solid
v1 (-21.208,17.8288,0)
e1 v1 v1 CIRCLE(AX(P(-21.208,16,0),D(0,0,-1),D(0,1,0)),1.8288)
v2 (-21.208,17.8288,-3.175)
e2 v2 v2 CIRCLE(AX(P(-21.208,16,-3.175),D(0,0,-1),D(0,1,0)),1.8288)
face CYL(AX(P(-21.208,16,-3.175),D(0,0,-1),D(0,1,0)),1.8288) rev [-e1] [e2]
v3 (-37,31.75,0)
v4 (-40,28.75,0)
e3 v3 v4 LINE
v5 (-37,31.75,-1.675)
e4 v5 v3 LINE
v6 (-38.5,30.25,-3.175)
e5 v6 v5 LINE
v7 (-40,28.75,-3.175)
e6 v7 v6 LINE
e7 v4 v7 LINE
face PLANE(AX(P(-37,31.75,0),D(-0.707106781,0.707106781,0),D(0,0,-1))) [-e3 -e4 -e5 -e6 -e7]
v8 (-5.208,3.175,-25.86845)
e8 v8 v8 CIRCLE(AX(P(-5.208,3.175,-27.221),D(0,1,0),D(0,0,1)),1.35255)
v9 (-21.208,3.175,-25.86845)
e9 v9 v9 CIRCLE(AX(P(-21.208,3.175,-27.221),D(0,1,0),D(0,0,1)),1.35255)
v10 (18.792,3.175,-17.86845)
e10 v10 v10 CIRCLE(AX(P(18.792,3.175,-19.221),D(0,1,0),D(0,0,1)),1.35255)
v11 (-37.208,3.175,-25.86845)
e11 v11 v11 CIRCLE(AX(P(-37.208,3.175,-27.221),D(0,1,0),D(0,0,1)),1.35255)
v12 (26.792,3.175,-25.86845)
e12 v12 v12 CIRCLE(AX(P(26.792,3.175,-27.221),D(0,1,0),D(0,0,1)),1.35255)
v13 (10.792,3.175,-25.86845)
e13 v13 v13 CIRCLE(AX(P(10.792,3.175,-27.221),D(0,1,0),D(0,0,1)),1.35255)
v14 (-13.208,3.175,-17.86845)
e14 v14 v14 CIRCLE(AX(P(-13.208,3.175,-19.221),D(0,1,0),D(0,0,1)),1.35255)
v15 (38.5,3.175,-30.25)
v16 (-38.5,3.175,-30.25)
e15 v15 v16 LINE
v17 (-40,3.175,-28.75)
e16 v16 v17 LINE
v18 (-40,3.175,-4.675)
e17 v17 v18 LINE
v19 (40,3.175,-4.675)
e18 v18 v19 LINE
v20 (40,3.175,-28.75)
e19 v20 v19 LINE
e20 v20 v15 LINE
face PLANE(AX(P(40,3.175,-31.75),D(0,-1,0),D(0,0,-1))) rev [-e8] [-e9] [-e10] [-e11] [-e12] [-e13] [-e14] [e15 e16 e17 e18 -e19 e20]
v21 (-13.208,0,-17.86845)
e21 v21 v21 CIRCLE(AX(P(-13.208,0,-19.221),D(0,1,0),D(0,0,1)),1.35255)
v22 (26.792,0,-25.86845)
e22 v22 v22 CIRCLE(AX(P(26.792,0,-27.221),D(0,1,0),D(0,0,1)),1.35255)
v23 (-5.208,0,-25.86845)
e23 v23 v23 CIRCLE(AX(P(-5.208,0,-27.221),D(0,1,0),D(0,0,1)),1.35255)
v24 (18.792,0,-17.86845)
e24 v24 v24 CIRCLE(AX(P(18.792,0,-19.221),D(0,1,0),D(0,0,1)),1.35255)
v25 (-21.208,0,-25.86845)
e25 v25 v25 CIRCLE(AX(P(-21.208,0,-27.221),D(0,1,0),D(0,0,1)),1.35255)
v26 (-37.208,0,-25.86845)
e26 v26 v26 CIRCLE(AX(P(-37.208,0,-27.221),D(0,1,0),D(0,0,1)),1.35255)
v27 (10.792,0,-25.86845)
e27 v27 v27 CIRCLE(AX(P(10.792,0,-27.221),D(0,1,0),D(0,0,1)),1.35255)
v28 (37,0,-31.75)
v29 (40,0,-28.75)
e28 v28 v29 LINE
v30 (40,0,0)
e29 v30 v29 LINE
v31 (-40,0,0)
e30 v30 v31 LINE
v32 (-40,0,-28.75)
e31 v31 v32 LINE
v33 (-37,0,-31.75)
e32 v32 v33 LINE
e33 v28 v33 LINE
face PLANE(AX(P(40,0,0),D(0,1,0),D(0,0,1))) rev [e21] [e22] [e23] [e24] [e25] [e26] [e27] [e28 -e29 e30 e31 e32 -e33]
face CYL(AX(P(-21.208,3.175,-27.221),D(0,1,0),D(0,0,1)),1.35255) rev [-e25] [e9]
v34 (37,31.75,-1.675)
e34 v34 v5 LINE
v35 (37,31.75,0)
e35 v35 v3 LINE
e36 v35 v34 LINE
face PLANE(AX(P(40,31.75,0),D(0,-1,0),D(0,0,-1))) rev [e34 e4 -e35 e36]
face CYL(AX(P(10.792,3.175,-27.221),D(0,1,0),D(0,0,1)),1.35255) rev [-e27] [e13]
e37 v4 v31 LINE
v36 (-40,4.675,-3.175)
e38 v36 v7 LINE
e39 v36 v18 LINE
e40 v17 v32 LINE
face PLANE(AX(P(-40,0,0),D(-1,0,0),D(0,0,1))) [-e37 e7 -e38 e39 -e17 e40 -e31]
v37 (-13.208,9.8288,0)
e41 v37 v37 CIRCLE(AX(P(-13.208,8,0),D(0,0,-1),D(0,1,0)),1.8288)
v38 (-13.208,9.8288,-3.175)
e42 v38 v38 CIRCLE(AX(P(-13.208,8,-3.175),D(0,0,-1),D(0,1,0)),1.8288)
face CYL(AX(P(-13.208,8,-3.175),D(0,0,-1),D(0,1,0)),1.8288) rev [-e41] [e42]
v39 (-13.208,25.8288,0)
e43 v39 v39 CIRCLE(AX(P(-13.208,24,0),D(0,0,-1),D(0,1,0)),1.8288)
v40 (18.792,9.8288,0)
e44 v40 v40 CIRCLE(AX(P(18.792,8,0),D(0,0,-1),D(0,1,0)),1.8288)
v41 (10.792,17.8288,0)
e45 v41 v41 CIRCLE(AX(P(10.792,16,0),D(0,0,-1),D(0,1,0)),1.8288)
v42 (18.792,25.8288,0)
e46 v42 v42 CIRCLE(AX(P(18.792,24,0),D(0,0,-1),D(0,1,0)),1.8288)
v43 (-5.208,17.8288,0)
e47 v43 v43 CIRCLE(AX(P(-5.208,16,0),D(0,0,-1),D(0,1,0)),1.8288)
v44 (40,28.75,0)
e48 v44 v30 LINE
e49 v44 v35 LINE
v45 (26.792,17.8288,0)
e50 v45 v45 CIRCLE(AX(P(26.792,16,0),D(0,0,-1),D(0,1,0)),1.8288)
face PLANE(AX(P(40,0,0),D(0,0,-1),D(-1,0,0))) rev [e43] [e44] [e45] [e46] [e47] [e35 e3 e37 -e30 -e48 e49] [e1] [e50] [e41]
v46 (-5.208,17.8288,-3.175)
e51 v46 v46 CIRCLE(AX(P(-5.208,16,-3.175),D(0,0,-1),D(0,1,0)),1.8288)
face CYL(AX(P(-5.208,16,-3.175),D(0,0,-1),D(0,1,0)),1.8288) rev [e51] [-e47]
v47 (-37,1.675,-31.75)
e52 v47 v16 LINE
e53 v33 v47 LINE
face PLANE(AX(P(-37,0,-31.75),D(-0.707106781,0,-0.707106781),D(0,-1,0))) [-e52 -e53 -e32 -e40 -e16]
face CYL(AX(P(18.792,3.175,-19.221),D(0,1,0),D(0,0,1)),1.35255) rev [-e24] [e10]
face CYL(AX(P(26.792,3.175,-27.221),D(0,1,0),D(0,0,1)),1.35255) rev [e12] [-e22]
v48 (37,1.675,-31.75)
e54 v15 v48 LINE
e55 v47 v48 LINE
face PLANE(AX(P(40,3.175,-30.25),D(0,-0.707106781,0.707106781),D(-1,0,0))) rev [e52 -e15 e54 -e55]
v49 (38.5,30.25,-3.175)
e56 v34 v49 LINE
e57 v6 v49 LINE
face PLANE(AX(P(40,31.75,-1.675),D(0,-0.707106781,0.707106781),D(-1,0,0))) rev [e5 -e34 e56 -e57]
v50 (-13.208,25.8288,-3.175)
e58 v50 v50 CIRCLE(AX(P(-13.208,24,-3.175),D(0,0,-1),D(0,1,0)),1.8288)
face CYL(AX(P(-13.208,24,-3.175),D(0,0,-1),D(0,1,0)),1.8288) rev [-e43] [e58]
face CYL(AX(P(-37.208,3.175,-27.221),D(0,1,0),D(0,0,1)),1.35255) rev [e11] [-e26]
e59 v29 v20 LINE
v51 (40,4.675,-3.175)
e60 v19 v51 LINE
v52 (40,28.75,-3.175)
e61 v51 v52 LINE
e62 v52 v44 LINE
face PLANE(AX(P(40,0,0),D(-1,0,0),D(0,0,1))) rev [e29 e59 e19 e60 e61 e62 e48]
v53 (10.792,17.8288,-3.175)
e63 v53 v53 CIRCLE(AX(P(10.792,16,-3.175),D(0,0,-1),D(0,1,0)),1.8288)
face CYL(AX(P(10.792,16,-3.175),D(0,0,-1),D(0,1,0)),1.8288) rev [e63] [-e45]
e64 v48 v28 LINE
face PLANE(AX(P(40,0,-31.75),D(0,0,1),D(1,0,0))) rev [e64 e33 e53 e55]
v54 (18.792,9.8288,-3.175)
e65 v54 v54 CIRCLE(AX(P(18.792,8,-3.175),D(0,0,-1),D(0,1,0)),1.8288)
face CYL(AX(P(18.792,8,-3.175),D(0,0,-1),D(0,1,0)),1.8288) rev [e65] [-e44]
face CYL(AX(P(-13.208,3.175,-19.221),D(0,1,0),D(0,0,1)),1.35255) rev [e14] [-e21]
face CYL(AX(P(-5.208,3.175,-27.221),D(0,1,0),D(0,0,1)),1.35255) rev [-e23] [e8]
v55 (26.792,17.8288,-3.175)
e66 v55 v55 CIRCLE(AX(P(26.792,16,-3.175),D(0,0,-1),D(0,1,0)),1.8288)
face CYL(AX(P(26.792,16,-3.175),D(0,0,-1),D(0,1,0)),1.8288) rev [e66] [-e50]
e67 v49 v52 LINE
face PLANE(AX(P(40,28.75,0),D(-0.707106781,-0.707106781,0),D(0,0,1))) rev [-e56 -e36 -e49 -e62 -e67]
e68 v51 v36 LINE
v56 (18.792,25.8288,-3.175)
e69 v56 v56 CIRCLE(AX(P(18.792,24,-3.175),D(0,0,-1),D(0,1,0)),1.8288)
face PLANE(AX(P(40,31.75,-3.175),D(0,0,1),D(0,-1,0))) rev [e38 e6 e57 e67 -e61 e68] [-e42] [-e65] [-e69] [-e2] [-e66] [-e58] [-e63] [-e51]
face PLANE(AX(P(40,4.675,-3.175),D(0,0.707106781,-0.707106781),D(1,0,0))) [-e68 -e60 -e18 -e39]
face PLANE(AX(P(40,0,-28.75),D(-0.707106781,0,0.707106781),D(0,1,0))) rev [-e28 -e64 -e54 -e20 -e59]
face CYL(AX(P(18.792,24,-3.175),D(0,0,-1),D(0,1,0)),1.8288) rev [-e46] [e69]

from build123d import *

# Parameters (mm, degrees)
BOSS_EXTRUDE1_DEPTH   = 40
CHAMFER1_SIZE         = 1.5
CHAMFER2_SIZE         = 3
F_6_32_TAPPED_HOLE1_D = 2.7051
F_6_CLEARANCE_HOLE1_D = 3.6576


with BuildPart() as part:
    # Sketch1 → Boss-Extrude1 (new body, symmetric)
    with BuildSketch(Plane(origin=(0, 0, 0), x_dir=(0, 0, -1), z_dir=(1, 0, 0))):
        Polygon((0, 0), (31.75, 0), (31.75, 3.175), (3.175, 3.175), (3.175, 31.75), (0, 31.75), align=None)
    extrude(amount=BOSS_EXTRUDE1_DEPTH, both=True)

    # Chamfer1
    chamfer1_edges = [part.edges().sort_by_distance(p)[0] for p in [
        (0, 31.75, -3.175),
        (0, 3.175, -3.175),
        (0, 3.175, -31.75),
    ]]
    chamfer(chamfer1_edges, length=CHAMFER1_SIZE)

    # Chamfer2
    chamfer2_edges = [part.edges().sort_by_distance(p)[0] for p in [
        (-40, 31.75, -0.8375),
        (-40, 0.8375, -31.75),
        (40, 0.8375, -31.75),
        (40, 31.75, -0.8375),
    ]]
    chamfer(chamfer2_edges, length=CHAMFER2_SIZE)

    # #6-32 Tapped Hole1 (through all)
    with Locations(Plane(origin=(0, 3.175, 0), x_dir=(1, 0, 0), z_dir=(0, 1, 0))):
        with Locations((-37.208, 27.221), (10.792, 27.221), (-5.208, 27.221), (-13.208, 19.221), (-21.208, 27.221), (18.792, 19.221), (26.792, 27.221)):
            Hole(F_6_32_TAPPED_HOLE1_D / 2)

    # #6 Clearance Hole1 (through all)
    with Locations(Plane(origin=(0, 0, -3.175), x_dir=(-1, 0, 0), z_dir=(0, 0, -1))):
        with Locations((-10.792, 16), (-18.792, 8), (-18.792, 24), (-26.792, 16), (13.208, 24), (5.208, 16), (13.208, 8), (21.208, 16)):
            Hole(F_6_CLEARANCE_HOLE1_D / 2)


solid = part.part
